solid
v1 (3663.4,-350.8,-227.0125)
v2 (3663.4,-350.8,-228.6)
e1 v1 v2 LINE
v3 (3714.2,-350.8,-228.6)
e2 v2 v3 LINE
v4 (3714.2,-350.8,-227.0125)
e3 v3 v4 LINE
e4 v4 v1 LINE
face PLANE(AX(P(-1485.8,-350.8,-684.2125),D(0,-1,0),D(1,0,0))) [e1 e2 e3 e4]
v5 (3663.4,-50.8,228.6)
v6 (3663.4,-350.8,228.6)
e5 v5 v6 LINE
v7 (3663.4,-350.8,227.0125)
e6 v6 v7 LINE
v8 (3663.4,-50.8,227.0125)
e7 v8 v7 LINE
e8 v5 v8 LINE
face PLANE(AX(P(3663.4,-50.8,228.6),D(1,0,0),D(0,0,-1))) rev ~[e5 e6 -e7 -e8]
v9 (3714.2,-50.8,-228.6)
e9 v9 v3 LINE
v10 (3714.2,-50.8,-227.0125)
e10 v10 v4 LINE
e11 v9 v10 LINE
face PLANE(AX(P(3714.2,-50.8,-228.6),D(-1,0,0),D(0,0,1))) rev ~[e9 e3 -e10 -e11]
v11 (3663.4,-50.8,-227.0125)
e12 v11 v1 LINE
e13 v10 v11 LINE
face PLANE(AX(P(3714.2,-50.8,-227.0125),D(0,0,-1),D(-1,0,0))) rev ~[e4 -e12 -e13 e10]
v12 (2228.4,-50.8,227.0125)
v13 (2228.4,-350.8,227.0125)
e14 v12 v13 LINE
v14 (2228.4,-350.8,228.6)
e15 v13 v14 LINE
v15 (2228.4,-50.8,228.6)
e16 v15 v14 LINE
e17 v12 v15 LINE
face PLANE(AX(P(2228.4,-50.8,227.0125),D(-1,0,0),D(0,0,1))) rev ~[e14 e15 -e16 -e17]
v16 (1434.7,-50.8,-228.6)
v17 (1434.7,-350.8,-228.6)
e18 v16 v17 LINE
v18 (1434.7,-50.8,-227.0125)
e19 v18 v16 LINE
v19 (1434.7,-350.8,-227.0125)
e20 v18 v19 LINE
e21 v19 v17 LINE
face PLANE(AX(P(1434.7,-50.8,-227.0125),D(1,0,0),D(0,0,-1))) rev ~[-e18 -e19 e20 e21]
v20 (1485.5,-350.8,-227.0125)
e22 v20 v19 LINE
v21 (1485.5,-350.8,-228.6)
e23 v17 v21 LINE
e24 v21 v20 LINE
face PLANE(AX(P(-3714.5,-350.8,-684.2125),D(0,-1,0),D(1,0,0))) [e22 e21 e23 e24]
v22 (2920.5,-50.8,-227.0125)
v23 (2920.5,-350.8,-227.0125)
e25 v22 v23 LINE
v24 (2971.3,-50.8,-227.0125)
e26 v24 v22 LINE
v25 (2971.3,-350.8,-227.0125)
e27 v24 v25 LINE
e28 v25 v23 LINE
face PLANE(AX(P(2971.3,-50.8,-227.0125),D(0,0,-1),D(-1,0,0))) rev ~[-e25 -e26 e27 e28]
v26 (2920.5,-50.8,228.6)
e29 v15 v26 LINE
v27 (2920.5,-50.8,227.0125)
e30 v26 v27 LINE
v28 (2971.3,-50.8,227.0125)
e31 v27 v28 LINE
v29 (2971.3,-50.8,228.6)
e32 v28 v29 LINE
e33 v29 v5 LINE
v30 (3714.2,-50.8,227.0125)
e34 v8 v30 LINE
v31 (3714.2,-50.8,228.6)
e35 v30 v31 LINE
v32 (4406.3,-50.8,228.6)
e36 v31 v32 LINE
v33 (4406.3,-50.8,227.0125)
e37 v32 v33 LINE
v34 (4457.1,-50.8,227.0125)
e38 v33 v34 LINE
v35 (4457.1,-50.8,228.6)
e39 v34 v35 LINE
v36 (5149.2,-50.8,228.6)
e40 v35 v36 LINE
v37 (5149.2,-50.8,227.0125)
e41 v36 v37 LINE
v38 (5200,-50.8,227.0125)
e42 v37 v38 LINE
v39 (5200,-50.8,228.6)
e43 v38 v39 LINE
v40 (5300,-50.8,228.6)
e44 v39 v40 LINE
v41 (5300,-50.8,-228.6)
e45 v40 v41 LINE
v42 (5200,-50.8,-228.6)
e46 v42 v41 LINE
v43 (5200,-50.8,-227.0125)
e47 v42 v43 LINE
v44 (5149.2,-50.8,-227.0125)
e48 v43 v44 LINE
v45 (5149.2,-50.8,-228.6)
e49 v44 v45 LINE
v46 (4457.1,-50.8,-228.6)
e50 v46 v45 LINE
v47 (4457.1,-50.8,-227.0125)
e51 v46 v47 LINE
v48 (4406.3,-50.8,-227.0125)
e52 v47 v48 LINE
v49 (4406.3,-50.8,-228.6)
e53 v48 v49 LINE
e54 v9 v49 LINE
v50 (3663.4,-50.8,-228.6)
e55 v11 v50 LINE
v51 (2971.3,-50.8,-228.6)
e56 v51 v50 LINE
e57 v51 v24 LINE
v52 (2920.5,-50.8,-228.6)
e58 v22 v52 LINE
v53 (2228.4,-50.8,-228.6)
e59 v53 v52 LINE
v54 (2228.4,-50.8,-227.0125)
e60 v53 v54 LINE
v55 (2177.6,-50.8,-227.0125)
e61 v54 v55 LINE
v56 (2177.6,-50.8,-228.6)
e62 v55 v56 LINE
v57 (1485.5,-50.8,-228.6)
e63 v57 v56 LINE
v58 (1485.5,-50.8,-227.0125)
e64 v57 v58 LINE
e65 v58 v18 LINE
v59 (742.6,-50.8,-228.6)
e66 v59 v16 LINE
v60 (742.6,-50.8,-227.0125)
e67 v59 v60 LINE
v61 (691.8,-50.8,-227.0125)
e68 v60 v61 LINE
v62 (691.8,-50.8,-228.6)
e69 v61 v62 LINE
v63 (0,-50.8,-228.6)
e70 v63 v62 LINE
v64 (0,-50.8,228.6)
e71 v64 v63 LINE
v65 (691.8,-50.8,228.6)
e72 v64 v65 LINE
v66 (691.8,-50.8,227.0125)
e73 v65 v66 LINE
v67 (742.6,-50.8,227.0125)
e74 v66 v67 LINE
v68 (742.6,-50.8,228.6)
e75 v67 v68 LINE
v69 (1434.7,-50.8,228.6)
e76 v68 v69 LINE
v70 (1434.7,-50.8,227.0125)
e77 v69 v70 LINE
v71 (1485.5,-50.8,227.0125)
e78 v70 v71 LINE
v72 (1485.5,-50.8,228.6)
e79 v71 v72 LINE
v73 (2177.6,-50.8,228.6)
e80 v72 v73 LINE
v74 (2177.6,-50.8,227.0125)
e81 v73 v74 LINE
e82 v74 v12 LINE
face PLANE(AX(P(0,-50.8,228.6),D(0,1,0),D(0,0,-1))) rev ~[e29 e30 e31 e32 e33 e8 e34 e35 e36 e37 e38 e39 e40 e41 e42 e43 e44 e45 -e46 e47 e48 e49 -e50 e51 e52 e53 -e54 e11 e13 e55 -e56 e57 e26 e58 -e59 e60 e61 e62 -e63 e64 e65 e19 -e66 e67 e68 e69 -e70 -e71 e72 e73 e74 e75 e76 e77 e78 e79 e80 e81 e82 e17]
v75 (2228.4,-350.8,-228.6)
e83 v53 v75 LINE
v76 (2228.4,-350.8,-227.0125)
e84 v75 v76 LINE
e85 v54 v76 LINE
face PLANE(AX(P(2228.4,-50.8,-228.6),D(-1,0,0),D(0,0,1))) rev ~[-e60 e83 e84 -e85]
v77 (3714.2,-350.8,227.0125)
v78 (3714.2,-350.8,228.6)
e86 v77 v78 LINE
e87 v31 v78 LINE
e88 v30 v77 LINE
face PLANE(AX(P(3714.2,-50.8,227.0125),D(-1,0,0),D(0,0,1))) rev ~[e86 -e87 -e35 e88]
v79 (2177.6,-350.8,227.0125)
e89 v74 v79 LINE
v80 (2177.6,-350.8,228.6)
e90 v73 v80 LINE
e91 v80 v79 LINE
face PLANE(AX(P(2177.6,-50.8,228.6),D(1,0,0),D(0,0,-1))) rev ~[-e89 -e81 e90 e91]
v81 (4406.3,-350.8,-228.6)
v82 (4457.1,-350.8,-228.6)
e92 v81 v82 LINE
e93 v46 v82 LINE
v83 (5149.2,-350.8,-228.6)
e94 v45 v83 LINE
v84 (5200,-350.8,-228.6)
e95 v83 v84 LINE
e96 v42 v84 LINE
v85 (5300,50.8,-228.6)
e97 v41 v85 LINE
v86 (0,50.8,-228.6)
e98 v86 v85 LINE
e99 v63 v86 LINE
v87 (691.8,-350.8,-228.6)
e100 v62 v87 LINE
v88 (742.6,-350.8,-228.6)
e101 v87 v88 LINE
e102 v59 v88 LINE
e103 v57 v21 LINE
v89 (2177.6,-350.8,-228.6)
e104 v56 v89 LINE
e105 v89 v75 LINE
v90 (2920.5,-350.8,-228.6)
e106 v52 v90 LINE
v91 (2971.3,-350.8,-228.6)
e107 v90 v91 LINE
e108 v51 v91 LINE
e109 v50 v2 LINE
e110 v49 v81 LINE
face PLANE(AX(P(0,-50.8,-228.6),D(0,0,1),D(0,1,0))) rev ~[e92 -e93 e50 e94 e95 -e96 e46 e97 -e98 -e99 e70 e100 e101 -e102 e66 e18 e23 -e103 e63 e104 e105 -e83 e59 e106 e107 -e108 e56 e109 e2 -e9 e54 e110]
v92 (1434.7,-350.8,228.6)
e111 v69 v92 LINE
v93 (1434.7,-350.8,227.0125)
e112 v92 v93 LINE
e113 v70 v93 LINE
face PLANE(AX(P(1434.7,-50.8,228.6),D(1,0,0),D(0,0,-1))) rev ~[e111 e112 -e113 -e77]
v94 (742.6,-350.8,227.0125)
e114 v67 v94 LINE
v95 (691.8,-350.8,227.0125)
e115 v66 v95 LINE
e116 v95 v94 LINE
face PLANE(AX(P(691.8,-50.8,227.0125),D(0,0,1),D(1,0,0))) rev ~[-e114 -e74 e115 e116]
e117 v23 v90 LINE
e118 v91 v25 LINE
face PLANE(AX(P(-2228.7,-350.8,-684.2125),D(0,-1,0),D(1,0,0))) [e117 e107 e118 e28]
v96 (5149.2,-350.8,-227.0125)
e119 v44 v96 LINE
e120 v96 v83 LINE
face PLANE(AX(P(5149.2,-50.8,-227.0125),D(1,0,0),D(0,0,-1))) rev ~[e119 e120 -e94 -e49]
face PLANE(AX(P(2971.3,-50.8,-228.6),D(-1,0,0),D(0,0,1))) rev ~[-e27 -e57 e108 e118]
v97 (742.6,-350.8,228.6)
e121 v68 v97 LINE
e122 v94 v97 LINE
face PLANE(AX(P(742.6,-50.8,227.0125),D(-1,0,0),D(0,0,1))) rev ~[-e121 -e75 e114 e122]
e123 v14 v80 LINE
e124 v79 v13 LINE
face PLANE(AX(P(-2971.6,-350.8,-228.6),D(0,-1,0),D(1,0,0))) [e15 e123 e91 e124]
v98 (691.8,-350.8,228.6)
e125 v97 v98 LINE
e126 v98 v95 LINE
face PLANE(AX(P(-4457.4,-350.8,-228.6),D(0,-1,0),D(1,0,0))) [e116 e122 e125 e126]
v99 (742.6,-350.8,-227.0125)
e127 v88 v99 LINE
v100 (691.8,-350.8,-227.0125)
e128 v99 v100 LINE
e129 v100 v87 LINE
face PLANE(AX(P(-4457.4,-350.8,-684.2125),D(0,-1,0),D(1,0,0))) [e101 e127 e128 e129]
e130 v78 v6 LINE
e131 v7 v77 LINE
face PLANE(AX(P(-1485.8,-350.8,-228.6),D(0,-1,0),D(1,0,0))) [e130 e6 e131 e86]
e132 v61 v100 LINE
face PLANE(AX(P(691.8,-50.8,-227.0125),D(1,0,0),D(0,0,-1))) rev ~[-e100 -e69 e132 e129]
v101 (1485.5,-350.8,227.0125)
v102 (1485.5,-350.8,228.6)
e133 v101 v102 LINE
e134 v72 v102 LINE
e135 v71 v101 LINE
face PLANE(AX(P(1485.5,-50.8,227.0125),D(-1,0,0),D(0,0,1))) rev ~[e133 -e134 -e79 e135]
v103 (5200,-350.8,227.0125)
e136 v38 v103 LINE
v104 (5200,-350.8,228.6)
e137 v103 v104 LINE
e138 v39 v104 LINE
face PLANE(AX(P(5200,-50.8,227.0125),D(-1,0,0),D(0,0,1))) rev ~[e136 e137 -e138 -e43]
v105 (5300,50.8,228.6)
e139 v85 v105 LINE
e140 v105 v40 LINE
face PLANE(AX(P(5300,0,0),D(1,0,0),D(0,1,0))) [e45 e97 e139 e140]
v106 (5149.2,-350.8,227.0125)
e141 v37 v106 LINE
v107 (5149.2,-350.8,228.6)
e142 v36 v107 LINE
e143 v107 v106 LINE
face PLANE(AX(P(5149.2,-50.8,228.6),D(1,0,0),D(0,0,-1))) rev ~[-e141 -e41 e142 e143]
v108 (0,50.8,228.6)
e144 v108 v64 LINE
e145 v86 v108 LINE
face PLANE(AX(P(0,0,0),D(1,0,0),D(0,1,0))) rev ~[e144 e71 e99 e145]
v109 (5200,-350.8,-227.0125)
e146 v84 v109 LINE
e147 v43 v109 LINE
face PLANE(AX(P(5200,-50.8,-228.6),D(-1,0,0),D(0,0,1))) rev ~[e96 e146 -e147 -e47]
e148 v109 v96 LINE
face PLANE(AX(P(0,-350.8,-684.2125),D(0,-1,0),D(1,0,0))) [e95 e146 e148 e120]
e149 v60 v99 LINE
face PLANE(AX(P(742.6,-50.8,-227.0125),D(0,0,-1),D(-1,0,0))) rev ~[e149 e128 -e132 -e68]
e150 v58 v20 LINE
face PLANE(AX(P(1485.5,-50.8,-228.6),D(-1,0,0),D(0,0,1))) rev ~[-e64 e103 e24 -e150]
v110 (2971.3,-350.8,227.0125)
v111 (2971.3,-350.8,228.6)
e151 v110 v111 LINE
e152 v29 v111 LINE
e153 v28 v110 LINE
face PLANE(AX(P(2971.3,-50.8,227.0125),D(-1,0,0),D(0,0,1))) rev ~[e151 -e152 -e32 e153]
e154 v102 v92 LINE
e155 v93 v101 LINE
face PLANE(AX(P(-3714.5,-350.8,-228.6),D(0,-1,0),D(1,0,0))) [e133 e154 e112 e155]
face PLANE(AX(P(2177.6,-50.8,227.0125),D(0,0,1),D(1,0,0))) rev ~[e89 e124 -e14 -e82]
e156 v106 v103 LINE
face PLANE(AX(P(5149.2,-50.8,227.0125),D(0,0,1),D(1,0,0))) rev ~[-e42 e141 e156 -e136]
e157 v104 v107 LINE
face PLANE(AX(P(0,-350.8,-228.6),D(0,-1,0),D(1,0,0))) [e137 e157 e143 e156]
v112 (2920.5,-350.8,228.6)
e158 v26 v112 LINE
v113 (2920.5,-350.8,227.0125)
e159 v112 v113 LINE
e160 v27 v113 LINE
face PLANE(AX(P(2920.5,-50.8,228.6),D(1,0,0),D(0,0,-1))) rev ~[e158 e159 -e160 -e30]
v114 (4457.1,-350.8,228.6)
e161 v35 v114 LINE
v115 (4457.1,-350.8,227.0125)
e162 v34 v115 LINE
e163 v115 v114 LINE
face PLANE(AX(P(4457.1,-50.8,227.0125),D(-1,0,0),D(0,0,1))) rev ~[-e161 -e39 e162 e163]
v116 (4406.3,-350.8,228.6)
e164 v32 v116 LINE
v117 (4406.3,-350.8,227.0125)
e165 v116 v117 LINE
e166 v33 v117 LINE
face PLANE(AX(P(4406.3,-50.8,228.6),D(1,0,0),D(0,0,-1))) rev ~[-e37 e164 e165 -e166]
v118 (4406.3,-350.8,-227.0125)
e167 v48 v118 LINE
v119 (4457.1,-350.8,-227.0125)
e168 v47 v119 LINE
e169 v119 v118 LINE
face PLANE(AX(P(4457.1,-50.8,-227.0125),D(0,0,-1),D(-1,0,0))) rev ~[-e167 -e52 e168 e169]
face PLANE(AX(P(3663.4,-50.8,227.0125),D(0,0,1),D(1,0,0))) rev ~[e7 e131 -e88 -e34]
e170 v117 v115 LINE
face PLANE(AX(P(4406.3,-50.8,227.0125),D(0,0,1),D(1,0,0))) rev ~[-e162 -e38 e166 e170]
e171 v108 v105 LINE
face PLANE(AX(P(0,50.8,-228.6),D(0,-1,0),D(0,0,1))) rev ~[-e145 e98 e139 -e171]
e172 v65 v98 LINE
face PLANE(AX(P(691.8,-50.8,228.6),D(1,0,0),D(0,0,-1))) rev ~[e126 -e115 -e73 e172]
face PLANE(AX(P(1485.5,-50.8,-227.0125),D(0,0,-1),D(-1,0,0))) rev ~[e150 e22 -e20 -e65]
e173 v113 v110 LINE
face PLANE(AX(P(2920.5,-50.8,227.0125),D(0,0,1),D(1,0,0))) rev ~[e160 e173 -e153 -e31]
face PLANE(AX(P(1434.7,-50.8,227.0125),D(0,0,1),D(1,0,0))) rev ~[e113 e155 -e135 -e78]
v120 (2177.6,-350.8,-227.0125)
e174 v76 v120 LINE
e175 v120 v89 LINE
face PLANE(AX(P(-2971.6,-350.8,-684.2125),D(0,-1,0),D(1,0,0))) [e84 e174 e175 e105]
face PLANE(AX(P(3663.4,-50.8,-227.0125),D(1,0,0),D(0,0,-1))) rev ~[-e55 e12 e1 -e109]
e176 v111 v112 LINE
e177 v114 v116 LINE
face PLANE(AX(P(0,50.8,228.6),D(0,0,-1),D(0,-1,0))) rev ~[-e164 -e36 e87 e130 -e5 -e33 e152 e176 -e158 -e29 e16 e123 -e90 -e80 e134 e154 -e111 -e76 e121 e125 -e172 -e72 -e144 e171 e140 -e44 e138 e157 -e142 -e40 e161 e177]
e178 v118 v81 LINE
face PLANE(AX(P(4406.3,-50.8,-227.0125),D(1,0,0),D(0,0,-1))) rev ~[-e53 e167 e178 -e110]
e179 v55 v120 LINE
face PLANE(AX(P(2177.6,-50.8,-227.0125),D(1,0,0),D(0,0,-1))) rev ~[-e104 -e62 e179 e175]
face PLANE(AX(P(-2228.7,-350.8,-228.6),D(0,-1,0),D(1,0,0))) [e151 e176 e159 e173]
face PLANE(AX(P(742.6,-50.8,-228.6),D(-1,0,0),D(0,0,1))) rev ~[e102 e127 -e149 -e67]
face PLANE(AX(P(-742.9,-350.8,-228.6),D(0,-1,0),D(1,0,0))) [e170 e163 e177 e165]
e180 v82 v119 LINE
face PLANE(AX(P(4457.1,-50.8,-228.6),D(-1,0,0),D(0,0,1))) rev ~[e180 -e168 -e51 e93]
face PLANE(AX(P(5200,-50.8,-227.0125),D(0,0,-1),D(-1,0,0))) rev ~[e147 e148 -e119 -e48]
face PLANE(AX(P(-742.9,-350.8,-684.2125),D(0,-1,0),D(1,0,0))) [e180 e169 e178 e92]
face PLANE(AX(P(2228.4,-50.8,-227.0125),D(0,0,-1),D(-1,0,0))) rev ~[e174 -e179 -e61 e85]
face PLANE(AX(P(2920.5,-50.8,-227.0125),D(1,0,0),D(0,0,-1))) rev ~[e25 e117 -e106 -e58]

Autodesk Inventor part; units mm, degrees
ref_plane "YZ Plane" through (0, 0, 0) normal (1, 0, 0) x (0, 1, 0)
ref_plane "XZ Plane" through (0, 0, 0) normal (0, 1, 0) x (-1, 0, 0)
ref_plane "XY Plane" through (0, 0, 0) normal (0, 0, 1) x (1, 0, 0)
sketch "Sketch1" plane through (0, 0, 0) normal (1, 0, 0) x (0, 1, 0)
  line L0 (50.8, 228.6) -> (-50.8, 228.6)
  line L1 (-50.8, 228.6) -> (-50.8, -228.6)
  line L2 (-50.8, -228.6) -> (50.8, -228.6)
  line L3 (50.8, -228.6) -> (50.8, 228.6)
  line L4 (50.8, 228.6) -> (-50.8, -228.6) construction
  line L5 (-50.8, 228.6) -> (50.8, -228.6) construction
  point P0 (0, 0)
  dimension "d0" = 101.6
  dimension "d1" = 457.2
extrude "Extrusion1" add sketch "Sketch1" along normal blind 5300
sketch "Sketch2" plane through (0, -50.8, -228.6) normal (0, -1, 0) x (1, 0, 0)
  line L0 (5200, 457.2) -> (5149.2, 457.2)
  line L1 (5149.2, 457.2) -> (5149.2, 455.6125)
  line L2 (5149.2, 455.6125) -> (5200, 455.6125)
  line L3 (5200, 455.6125) -> (5200, 457.2)
  line L4 (5300, 457.2) -> (5300, 0) projected
  line L5 (0, 457.2) -> (5300, 457.2) projected
  point P0 (0, 228.6)
  dimension "d4" = 100
  dimension "d5" = 0
  dimension "d6" = 1.5875
  dimension "d7" = 50.8
extrude "Extrusion2" add sketch "Sketch2" along normal blind 300
pattern_linear "Rectangular Pattern1" count 2 spacing 455.6125 along (0, 0, -1) count 7 spacing 742.9 along (-1, 0, 0) of "Extrusion2"
equation "\"d0\" = tray_h"
equation "\"d1\" = tray_w"
equation "\"d2\" = tray_e"
equation "\"d6\" = leg_w"
equation "\"d7\" = leg_h"
equation "\"d8\" = leg_e"
equation "\"tray_h\" = 101.6"
equation "\"tray_w\" = 457.2"
equation "\"tray_e\" = 5300"
equation "\"leg_h\" = 50.8"
equation "\"leg_w\" = 1.5875"
equation "\"leg_e\" = 300"
properties part number "CableTray" material "Aluminum 6061"
